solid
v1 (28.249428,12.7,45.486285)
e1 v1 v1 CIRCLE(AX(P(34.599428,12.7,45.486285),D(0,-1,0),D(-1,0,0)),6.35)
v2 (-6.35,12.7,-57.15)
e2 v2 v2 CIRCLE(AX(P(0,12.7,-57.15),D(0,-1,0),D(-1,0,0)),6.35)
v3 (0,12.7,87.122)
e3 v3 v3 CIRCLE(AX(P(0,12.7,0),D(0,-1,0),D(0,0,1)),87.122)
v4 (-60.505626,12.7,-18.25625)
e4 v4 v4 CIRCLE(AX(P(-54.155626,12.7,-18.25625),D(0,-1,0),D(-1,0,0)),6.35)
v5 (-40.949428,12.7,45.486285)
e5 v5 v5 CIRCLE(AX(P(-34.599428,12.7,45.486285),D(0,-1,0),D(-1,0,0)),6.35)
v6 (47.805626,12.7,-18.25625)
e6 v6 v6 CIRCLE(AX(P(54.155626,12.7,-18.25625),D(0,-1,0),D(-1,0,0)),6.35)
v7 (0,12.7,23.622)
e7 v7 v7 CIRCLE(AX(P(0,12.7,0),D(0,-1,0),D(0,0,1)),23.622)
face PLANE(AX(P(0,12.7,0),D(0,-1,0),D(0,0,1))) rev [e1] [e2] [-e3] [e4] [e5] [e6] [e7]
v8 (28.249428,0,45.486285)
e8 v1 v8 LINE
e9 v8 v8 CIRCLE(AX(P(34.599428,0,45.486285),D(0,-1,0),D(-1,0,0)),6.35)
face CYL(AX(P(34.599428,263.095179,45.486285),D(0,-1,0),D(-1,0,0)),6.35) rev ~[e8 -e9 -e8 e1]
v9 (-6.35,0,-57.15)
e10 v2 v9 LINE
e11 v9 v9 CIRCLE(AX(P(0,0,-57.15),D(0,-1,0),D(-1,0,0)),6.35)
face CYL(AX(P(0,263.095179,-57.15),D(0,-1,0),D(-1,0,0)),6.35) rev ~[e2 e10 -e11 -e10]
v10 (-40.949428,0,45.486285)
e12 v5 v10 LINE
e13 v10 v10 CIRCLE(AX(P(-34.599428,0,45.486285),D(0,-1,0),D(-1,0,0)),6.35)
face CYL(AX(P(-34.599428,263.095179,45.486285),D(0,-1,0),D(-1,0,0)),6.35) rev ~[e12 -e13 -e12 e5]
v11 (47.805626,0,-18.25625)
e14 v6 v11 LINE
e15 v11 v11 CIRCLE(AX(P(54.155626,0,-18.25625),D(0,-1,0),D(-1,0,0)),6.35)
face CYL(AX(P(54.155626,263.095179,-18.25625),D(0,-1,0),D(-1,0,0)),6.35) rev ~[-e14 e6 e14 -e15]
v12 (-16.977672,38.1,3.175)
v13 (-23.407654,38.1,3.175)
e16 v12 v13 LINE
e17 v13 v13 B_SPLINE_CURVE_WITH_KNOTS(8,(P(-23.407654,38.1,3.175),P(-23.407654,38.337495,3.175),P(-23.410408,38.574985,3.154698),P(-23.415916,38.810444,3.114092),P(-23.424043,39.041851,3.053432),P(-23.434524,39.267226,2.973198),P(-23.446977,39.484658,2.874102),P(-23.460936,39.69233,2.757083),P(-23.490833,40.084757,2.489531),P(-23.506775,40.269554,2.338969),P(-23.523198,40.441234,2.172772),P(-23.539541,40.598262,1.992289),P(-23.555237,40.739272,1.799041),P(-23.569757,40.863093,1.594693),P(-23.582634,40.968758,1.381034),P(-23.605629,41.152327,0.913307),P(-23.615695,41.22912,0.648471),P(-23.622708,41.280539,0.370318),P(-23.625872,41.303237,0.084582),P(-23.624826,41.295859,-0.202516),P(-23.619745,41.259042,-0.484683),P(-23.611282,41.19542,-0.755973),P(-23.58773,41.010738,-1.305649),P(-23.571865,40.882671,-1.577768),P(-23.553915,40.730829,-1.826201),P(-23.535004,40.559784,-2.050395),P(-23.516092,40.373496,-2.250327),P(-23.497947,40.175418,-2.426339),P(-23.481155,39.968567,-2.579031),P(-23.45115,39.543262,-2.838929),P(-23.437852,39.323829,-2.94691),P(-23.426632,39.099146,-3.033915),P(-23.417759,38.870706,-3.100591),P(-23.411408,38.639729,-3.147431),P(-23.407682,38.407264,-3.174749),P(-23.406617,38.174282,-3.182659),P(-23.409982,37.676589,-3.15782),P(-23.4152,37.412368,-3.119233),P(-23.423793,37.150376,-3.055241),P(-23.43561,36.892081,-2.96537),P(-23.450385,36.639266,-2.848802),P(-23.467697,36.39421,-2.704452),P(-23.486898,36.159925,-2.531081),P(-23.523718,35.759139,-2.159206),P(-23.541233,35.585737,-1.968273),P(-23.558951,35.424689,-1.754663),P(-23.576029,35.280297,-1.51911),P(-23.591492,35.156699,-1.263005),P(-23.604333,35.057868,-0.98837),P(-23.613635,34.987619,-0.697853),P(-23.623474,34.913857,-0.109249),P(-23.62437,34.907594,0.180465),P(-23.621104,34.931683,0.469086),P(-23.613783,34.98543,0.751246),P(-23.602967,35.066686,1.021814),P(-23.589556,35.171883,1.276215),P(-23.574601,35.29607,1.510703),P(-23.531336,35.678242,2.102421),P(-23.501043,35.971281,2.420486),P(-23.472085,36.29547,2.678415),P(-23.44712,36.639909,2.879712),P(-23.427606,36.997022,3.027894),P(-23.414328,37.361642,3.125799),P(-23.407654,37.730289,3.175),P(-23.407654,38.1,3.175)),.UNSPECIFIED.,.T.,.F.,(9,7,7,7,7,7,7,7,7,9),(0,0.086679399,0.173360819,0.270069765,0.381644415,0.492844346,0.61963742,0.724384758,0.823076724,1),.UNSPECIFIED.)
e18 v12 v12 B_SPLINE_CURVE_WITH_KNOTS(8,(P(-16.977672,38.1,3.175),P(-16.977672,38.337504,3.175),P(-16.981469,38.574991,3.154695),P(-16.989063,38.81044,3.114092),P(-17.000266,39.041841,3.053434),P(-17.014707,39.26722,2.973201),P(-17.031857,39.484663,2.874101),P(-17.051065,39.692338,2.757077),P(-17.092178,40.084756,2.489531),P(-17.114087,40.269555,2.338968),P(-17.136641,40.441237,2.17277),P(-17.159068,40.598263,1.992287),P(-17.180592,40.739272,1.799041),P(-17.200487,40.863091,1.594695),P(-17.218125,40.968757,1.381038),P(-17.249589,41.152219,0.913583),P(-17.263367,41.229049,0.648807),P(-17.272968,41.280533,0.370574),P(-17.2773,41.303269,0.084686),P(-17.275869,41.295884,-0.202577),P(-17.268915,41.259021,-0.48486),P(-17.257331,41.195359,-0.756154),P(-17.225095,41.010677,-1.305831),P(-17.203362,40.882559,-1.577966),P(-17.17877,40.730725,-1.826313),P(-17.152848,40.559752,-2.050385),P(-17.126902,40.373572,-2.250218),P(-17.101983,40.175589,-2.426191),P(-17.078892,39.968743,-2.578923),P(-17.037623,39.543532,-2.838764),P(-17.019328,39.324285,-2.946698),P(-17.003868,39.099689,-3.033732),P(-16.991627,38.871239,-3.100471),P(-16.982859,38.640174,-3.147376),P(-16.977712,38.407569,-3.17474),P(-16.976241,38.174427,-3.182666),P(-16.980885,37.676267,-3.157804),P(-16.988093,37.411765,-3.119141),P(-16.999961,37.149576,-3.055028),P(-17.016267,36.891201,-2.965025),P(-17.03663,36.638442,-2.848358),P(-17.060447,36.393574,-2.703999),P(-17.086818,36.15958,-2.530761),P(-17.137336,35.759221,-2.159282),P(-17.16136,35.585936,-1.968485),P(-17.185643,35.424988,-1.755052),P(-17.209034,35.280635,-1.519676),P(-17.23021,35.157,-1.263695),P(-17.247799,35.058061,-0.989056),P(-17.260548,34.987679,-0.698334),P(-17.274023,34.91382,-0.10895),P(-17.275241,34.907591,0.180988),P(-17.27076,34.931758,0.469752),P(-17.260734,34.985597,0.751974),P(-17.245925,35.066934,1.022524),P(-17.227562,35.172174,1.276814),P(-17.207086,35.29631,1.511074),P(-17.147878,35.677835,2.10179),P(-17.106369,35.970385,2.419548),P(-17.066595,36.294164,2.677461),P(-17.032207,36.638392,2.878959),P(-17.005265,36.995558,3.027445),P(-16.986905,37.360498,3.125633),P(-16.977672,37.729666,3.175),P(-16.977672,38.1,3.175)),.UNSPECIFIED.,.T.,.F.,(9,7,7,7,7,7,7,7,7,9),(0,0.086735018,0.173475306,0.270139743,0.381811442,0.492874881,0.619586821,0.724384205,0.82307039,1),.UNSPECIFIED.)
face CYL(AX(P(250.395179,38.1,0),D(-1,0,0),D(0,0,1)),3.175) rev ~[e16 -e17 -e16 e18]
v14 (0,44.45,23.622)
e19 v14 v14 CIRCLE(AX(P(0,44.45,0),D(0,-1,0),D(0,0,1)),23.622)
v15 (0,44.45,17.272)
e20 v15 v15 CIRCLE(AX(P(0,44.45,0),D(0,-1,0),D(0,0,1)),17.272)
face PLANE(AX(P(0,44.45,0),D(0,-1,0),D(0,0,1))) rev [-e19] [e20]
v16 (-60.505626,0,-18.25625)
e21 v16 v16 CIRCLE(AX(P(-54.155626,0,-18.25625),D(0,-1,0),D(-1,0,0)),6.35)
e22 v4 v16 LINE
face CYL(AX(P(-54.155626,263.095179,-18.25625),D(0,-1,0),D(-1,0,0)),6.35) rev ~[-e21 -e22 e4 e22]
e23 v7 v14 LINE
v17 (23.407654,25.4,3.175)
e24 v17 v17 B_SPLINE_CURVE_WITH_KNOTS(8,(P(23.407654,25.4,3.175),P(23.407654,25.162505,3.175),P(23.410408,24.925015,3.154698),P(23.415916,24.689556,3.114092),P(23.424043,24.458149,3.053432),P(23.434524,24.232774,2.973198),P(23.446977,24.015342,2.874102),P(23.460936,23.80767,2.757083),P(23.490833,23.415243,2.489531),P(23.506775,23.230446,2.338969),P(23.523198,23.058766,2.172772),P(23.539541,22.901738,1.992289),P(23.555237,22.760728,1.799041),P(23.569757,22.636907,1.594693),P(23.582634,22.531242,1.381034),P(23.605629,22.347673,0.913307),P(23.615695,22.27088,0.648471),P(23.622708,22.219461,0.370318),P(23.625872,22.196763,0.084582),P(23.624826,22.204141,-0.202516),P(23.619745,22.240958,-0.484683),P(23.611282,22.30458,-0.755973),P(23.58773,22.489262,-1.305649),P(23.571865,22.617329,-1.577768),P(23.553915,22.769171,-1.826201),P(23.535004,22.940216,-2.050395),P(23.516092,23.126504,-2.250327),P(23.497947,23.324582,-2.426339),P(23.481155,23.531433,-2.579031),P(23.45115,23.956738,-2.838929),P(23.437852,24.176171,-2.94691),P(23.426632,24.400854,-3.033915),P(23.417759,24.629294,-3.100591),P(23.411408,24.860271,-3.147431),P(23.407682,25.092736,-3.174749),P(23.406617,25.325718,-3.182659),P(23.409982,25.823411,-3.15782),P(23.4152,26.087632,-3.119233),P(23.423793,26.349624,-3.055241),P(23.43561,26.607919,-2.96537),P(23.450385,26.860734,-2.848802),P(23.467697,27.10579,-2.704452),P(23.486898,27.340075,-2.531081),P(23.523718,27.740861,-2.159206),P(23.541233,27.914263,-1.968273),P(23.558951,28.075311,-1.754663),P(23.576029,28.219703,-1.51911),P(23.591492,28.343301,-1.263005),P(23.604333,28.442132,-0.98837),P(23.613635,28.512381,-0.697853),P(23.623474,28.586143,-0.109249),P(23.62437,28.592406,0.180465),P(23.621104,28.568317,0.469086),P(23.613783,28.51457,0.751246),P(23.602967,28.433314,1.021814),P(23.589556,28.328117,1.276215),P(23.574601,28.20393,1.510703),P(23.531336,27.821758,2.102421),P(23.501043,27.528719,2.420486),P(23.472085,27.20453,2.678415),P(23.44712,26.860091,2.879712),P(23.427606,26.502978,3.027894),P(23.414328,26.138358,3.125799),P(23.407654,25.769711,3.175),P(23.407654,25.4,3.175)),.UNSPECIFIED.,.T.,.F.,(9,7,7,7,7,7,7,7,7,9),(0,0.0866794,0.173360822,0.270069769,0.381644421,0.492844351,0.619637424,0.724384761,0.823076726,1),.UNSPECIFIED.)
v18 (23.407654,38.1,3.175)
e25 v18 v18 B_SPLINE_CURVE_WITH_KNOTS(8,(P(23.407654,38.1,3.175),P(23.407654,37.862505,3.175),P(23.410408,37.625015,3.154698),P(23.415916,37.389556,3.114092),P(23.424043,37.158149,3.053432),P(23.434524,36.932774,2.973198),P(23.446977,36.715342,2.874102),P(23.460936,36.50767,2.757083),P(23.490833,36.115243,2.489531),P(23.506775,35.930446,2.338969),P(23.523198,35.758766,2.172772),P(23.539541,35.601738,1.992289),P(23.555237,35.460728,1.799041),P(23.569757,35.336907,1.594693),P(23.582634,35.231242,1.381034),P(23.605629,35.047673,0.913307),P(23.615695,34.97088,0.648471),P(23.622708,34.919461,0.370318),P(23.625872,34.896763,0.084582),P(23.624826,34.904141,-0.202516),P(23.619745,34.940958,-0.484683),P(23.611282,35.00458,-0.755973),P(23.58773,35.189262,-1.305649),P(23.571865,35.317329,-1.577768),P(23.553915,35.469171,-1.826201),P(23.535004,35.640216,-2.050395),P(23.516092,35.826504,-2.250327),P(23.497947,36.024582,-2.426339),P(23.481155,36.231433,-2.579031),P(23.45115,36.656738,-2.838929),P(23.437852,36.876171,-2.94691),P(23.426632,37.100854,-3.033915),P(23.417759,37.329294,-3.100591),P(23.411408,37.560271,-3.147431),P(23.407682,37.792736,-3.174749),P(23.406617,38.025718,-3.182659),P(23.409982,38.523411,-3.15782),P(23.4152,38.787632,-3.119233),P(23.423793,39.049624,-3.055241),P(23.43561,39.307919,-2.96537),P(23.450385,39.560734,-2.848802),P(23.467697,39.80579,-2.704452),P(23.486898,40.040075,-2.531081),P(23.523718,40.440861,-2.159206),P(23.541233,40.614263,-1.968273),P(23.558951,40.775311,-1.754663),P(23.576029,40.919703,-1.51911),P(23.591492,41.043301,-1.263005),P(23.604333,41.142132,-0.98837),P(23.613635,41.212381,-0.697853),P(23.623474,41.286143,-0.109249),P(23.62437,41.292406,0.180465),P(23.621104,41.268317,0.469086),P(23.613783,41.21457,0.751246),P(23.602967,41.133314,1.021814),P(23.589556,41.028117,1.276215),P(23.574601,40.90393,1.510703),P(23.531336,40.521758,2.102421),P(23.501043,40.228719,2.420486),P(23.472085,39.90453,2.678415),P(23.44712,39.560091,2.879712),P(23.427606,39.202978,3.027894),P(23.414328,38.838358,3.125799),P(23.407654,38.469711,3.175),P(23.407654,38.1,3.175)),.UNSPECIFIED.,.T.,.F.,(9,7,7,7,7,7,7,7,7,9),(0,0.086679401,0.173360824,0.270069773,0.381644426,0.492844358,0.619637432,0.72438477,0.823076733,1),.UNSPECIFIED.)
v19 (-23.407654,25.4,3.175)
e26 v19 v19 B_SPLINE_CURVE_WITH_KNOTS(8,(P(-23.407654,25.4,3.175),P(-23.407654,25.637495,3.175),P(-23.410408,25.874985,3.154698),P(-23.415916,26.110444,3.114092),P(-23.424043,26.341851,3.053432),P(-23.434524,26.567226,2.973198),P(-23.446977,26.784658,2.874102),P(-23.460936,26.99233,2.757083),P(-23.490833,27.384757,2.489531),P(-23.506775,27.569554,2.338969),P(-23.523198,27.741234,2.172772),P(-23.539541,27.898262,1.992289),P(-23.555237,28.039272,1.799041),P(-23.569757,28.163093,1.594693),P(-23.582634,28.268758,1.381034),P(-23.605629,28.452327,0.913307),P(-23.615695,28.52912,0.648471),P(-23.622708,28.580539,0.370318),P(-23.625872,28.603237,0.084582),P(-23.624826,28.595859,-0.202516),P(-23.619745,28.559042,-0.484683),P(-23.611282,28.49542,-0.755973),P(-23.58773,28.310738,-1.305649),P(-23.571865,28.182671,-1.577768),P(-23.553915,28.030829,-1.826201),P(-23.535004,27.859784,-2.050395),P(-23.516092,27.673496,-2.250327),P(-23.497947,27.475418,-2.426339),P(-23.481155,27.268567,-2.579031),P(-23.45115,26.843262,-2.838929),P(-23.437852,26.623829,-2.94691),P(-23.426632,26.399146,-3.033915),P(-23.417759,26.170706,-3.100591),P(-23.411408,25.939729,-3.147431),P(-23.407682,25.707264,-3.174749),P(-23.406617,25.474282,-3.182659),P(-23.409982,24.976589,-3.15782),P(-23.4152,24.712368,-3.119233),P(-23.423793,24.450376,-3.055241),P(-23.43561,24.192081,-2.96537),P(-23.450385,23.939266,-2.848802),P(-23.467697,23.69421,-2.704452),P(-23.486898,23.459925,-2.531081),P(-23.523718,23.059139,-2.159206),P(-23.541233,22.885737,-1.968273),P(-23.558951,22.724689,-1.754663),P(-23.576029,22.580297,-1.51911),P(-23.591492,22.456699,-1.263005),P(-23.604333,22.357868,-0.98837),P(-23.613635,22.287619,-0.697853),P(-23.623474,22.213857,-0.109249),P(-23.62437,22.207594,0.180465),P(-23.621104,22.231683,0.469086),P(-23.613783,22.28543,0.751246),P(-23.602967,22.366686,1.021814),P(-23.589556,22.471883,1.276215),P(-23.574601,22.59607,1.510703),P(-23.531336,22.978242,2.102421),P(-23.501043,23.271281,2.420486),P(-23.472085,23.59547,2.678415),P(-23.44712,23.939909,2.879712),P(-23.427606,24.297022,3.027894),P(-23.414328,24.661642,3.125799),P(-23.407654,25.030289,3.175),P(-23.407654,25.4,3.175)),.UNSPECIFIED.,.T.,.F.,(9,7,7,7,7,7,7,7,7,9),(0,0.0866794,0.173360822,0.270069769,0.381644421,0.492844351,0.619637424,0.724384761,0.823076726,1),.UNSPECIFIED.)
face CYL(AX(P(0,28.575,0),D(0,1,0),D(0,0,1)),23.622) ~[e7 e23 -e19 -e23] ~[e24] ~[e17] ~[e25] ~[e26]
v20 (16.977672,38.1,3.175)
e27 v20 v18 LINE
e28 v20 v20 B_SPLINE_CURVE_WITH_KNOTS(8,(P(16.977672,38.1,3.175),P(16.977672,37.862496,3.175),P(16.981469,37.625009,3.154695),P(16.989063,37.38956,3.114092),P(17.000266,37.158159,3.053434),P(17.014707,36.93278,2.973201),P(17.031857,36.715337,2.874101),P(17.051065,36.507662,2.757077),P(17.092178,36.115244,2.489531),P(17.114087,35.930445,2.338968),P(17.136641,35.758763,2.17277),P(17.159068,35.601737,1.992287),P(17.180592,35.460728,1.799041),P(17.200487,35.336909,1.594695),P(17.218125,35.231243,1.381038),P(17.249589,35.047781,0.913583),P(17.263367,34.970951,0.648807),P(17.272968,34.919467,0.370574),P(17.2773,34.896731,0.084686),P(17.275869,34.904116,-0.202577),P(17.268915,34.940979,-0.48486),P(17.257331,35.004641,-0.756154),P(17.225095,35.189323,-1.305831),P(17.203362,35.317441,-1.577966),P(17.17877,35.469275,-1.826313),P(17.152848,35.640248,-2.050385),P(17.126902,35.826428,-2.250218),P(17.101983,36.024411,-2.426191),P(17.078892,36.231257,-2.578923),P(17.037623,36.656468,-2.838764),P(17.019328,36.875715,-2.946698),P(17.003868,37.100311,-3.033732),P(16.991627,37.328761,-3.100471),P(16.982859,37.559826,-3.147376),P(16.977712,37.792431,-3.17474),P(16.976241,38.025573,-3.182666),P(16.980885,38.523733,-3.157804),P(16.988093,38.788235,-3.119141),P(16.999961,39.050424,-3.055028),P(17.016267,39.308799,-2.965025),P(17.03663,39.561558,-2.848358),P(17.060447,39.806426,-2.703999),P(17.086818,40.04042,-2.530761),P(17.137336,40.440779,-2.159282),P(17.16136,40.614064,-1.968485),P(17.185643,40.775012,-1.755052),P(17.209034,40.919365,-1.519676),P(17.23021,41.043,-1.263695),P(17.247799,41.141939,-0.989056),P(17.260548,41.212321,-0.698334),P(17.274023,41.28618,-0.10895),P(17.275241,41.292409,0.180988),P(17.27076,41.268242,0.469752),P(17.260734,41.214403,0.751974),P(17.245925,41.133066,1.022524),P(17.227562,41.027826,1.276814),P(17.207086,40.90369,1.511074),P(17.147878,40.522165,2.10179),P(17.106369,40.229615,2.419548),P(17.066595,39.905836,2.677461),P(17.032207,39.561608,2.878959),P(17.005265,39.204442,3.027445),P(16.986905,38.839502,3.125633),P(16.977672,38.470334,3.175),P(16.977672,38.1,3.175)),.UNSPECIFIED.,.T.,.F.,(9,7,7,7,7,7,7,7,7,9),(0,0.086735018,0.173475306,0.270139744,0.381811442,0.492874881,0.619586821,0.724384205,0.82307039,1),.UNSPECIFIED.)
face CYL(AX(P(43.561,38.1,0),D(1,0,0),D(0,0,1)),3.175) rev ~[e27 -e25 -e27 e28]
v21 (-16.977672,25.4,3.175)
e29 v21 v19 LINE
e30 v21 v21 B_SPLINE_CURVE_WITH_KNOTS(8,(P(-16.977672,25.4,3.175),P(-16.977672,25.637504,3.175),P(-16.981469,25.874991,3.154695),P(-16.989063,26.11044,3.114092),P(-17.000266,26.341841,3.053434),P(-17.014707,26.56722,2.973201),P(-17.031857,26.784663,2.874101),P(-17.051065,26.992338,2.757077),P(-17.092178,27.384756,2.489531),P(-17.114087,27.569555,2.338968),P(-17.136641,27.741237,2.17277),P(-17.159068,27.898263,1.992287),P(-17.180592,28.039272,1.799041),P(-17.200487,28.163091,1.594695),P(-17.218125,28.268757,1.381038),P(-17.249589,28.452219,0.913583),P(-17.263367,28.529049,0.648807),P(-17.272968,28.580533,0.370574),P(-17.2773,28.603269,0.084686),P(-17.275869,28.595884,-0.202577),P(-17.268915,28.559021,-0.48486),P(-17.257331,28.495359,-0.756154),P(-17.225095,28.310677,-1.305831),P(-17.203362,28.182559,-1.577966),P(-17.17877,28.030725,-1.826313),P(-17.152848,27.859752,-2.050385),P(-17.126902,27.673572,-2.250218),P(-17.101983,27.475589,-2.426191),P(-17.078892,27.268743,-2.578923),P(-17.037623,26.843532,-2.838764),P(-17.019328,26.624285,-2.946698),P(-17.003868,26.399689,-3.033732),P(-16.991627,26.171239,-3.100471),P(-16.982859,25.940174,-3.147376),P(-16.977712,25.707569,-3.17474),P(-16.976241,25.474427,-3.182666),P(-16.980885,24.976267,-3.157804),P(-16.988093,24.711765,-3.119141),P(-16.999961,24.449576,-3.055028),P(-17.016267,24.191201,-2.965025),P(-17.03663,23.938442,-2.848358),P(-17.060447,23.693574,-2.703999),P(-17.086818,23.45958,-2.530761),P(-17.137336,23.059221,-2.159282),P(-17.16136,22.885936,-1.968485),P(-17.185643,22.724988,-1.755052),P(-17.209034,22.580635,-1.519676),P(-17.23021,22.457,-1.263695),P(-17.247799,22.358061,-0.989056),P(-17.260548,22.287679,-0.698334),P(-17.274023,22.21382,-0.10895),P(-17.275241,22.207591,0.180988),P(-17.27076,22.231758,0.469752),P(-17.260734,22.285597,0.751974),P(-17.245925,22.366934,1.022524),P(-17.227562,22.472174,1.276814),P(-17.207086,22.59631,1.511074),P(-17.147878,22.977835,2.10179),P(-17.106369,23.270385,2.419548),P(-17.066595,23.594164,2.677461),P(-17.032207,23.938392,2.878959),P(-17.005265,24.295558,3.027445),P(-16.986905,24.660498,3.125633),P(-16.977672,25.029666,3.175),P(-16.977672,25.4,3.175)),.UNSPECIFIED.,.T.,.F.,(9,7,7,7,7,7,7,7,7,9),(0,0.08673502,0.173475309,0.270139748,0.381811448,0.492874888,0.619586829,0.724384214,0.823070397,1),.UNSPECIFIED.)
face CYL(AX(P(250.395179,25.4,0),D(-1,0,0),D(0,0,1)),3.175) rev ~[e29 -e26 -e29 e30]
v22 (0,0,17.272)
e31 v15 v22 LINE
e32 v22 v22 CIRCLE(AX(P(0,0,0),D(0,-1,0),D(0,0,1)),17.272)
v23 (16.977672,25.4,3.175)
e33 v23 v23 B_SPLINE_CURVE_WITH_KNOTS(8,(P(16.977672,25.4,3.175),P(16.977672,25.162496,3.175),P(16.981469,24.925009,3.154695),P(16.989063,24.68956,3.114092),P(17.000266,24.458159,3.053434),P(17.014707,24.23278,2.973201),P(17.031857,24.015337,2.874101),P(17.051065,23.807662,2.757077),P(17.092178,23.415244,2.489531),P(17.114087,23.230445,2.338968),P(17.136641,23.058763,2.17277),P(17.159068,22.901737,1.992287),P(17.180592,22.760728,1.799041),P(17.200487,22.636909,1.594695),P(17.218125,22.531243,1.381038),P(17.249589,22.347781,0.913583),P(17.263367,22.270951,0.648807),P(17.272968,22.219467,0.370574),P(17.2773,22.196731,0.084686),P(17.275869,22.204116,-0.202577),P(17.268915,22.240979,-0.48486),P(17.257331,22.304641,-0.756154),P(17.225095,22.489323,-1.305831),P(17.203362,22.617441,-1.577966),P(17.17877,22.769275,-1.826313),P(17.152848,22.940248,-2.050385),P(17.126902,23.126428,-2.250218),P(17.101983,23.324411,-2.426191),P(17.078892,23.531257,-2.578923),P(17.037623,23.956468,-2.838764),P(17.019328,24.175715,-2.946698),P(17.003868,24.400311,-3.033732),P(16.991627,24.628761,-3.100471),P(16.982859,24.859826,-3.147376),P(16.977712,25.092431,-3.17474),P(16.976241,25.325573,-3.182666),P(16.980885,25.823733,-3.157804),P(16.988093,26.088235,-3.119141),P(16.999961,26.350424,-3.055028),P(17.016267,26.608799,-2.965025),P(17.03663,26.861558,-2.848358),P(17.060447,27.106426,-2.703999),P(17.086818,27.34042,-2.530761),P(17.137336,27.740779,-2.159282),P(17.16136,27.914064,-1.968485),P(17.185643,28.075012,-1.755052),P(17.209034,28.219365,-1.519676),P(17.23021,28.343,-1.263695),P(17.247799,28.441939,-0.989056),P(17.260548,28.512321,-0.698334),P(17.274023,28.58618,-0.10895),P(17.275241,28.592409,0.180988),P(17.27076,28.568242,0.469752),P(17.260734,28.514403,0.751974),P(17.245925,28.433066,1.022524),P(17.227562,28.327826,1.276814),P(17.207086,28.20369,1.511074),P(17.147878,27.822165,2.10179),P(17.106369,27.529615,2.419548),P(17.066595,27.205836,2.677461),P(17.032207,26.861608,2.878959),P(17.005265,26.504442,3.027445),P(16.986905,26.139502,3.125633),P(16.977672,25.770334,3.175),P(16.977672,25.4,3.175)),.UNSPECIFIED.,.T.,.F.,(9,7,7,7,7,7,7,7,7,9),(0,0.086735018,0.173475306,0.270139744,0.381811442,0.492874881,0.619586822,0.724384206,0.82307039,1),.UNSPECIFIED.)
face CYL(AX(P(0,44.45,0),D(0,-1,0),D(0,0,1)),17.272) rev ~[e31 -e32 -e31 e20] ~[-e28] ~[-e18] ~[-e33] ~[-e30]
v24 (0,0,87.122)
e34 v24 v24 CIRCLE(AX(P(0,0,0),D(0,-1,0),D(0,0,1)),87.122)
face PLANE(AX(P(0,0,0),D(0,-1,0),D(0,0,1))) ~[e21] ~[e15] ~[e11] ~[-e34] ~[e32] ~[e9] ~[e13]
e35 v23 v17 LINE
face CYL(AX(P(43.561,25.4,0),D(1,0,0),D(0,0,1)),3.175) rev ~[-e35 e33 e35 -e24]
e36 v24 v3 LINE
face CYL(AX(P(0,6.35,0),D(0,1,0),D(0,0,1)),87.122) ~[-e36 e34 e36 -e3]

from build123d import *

# Parameters (mm, degrees)
SKETCH1_W                            = 6.35
SKETCH1_H                            = 31.75
SKETCH1_W_2                          = 69.85
SKETCH1_H_2                          = 12.7
F_1_2_20_TAPPED_HOLE1_D              = 12.7
SKETCH7_W                            = 3.175
SKETCH7_H                            = 87.122
F_1_4_0_25_DIAMETER_HOLE1_AT_2_COUNT = 2
F_1_4_0_25_DIAMETER_HOLE1_AT_2_PITCH = 12.7
F_1_4_0_25_DIAMETER_HOLE2_D          = 6.35


with BuildPart() as part:
    # Sketch1 → Revolve1 (revolve)
    with BuildSketch(Plane.XY, mode=Mode.PRIVATE) as revolve1_sk:
        with Locations((20.447, 28.575)):
            Rectangle(SKETCH1_W, SKETCH1_H)
        with Locations((52.197, 6.35)):
            Rectangle(SKETCH1_W_2, SKETCH1_H_2)
    revolve(revolve1_sk.sketch.rotate(Axis((0, 7.809475806, 0), (0, -1, 0)), 90), axis=Axis((0, 7.809475806, 0), (0, -1, 0)))

    # 1/2-20 Tapped Hole1 (through all)
    with Locations(Plane(origin=(0, 12.7, 0), x_dir=(1, 0, 0), z_dir=(0, 1, 0))):
        with Locations((-54.155626078, 18.25625), (0, 57.15), (54.155626078, 18.25625), (34.599427772, -45.486284722), (-34.599427772, -45.486284722)):
            Hole(F_1_2_20_TAPPED_HOLE1_D / 2)

    # Sketch7 → 1/4 (0.25) Diameter Hole1 (revolve, cut)
    with BuildSketch(Plane.ZX.offset(38.1)):
        with Locations((1.5875, 43.561)):
            Rectangle(SKETCH7_W, SKETCH7_H)
    f_1_4_0_25_diameter_hole1 = revolve(axis=Axis((-6.35, 38.1, 0), (1, 0, 0)), mode=Mode.SUBTRACT)

    # 1/4 (0.25) Diameter Hole1 at 2: 1/4 (0.25) Diameter Hole1 ×2
    with Locations(*[(0, -i * F_1_4_0_25_DIAMETER_HOLE1_AT_2_PITCH, 0) for i in range(1, F_1_4_0_25_DIAMETER_HOLE1_AT_2_COUNT)]):
        add(f_1_4_0_25_diameter_hole1, mode=Mode.SUBTRACT)

    # 1/4 (0.25) Diameter Hole2 (through all)
    with Locations(Plane(origin=(0, 0, 0), x_dir=(0, 0, -1), z_dir=(1, 0, 0))):
        with Locations((0, 38.1), (0, 25.4)):
            Hole(F_1_4_0_25_DIAMETER_HOLE2_D / 2)


solid = part.part
